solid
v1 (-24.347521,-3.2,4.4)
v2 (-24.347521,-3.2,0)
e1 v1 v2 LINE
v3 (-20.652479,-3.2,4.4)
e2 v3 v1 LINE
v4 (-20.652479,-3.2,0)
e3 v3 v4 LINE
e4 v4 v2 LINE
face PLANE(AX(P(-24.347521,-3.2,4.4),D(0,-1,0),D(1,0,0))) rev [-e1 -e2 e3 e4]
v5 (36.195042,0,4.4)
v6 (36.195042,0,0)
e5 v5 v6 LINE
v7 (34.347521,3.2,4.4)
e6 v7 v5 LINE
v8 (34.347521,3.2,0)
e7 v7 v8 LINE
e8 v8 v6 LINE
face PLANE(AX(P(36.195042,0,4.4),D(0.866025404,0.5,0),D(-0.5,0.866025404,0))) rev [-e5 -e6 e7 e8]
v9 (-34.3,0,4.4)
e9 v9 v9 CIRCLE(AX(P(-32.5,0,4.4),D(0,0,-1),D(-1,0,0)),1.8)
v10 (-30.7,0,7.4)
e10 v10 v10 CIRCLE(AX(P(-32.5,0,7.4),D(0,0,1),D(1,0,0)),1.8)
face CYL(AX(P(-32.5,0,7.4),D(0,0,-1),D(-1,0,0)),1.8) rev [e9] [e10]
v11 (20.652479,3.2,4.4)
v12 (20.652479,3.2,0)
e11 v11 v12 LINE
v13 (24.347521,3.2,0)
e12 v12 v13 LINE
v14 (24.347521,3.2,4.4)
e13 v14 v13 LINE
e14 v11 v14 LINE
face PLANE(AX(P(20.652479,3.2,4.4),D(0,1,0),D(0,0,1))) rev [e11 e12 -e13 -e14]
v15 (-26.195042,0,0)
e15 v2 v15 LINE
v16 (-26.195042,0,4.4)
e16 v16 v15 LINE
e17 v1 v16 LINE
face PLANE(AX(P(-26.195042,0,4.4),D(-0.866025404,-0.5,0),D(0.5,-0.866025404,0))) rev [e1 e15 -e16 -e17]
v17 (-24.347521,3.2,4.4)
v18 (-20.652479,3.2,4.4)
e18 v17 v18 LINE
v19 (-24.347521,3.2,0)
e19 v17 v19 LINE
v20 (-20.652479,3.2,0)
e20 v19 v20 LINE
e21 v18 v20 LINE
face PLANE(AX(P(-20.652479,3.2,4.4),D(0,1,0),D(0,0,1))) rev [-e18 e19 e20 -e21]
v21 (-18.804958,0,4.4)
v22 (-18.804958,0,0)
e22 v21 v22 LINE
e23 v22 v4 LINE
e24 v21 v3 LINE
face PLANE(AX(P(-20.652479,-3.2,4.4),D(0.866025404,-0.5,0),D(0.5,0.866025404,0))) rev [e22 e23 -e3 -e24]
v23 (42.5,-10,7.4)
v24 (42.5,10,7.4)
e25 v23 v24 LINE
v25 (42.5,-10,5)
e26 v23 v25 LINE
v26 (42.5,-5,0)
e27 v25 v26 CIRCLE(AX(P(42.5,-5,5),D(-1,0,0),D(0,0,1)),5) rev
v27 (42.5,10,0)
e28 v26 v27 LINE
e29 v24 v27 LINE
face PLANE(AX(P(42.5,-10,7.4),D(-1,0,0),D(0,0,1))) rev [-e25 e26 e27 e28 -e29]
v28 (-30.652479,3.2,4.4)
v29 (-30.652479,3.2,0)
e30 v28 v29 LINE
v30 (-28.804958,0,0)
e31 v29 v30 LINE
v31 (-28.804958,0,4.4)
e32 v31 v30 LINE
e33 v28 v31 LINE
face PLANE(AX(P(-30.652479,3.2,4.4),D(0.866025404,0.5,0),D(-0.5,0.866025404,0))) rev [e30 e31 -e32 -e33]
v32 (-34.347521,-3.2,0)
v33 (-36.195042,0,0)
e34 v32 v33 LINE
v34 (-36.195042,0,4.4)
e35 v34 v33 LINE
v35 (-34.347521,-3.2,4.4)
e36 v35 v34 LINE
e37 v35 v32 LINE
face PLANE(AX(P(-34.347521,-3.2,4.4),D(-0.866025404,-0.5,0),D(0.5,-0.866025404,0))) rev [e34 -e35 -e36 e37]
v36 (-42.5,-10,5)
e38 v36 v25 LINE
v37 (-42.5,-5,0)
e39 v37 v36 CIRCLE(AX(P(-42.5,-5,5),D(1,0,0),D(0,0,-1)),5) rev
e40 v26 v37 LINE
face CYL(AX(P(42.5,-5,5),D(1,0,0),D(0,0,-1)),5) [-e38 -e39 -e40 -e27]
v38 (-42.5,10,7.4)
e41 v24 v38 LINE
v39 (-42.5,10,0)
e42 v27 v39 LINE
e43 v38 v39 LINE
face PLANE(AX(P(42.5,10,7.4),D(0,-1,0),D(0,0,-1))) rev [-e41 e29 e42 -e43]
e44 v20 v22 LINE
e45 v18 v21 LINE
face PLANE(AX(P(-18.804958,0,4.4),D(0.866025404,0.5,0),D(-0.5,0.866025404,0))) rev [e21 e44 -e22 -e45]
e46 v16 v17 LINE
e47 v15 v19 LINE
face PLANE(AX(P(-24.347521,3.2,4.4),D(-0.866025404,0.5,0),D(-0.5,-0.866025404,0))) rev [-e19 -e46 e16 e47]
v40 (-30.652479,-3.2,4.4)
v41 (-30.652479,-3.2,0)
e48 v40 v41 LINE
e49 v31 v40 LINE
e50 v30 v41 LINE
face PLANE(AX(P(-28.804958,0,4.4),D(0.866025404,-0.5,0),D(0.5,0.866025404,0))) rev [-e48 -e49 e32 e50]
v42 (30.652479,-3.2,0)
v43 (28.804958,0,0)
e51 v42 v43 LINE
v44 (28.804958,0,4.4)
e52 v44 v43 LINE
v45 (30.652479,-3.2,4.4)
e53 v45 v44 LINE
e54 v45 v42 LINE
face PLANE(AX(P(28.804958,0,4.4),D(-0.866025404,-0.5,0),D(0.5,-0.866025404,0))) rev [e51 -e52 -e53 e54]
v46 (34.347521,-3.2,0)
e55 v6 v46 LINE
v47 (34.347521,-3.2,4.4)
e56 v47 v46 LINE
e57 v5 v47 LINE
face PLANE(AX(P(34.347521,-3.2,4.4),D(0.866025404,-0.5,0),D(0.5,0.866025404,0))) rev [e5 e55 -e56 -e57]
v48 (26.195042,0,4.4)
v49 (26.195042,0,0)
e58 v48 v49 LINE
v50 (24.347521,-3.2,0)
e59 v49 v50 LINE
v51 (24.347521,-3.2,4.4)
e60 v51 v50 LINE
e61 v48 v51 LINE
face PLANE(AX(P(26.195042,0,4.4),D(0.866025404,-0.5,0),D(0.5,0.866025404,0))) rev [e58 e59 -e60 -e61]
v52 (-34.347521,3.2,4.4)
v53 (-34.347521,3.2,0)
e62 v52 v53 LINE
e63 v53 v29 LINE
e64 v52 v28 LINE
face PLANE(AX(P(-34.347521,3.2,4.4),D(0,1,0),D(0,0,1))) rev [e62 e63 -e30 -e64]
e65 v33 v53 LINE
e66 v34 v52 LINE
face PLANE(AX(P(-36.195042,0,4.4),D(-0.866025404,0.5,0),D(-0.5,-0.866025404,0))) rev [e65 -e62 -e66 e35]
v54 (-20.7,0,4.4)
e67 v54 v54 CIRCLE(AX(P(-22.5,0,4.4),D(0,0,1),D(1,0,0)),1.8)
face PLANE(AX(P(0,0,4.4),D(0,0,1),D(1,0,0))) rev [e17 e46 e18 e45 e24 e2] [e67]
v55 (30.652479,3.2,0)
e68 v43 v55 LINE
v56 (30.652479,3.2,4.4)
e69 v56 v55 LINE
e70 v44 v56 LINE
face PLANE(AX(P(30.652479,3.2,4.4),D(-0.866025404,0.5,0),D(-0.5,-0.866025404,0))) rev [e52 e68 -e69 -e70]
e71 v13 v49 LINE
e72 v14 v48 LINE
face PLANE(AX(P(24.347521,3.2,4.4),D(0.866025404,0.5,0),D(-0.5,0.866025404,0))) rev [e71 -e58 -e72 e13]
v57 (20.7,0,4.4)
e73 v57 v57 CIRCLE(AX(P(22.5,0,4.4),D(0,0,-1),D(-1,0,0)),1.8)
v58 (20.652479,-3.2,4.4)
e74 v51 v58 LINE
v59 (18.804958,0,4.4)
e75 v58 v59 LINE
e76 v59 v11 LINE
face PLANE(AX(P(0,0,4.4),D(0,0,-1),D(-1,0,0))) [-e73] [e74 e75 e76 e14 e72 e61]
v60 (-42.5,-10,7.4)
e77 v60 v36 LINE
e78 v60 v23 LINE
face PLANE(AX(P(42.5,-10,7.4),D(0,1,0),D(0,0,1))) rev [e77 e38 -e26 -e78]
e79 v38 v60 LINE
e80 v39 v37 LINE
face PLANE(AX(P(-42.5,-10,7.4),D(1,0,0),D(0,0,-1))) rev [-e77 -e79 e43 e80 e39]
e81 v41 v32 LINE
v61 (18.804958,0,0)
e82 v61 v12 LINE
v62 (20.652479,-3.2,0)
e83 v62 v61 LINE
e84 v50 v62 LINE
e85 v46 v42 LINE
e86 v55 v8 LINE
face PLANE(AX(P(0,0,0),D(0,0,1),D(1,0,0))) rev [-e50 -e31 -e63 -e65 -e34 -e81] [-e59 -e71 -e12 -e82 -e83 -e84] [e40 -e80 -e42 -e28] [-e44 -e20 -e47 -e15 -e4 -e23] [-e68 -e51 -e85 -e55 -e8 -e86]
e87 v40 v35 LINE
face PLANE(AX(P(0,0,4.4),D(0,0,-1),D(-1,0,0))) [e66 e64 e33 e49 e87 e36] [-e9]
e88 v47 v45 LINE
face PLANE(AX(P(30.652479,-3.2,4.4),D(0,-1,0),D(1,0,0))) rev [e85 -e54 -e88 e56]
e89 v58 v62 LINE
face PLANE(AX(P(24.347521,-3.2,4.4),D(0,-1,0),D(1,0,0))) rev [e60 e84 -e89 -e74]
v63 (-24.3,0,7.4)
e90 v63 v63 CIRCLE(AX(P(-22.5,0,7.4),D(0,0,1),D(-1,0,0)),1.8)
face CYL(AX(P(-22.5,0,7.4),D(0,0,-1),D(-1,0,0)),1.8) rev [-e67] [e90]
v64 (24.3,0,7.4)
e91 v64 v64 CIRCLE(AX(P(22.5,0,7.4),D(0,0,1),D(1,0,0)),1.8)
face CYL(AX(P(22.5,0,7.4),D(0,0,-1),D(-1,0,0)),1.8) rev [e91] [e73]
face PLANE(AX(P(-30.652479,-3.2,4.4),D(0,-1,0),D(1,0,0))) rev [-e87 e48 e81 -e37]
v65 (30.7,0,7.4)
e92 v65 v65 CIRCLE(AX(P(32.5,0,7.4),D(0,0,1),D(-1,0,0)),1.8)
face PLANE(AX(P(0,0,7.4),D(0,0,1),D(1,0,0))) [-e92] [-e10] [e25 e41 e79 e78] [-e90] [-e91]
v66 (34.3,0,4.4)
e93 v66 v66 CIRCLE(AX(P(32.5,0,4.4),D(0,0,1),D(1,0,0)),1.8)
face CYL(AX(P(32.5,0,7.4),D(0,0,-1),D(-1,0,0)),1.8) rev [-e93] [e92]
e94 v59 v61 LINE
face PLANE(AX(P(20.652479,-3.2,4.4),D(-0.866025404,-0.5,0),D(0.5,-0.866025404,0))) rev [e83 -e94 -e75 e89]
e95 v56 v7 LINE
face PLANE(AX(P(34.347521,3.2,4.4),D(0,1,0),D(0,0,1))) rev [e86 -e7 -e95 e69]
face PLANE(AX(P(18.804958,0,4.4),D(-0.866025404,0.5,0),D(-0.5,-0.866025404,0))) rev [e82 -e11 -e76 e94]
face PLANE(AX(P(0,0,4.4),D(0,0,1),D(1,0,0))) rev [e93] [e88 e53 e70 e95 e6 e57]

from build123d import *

# Parameters (mm, degrees)
SKETCH1_W           = 85
SKETCH1_H           = 20
SKETCH1_R           = 1.8
BOSS_EXTRUDE1_DEPTH = 7.4
CUT_EXTRUDE1_DEPTH  = 4.4
FILLET1_R           = 5


with BuildPart() as part:
    # Sketch1 → Boss-Extrude1 (new body)
    with BuildSketch(Plane.XY):
        Rectangle(SKETCH1_W, SKETCH1_H)
        with Locations((-32.5, 0)):
            Circle(SKETCH1_R, mode=Mode.SUBTRACT)
        with Locations((-22.5, 0)):
            Circle(SKETCH1_R, mode=Mode.SUBTRACT)
        with Locations((32.5, 0)):
            Circle(SKETCH1_R, mode=Mode.SUBTRACT)
        with Locations((22.5, 0)):
            Circle(SKETCH1_R, mode=Mode.SUBTRACT)
    extrude(amount=BOSS_EXTRUDE1_DEPTH)

    # Sketch2 → Cut-Extrude1 (cut)
    with BuildSketch(Plane(origin=(0, 0, 0), x_dir=(-1, 0, 0), z_dir=(0, 0, -1))):
        Polygon((20.652479139, -3.2), (18.804958277, 0), (20.652479139, 3.2), (24.347520861, 3.2), (26.195041723, 0), (24.347520861, -3.2), align=None)
        Polygon((36.195041723, 0), (34.347520861, 3.2), (30.652479139, 3.2), (28.804958277, 0), (30.652479139, -3.2), (34.347520861, -3.2), align=None)
        Polygon((-18.804958277, 0), (-20.652479139, 3.2), (-24.347520861, 3.2), (-26.195041723, 0), (-24.347520861, -3.2), (-20.652479139, -3.2), align=None)
        Polygon((-34.347520861, -3.2), (-36.195041723, 0), (-34.347520861, 3.2), (-30.652479139, 3.2), (-28.804958277, 0), (-30.652479139, -3.2), align=None)
    extrude(amount=-CUT_EXTRUDE1_DEPTH, mode=Mode.SUBTRACT)

    # Fillet1
    fillet1_edges = [part.edges().sort_by_distance(p)[0] for p in [
        (0, -10, 0),
    ]]
    fillet(fillet1_edges, radius=FILLET1_R)


solid = part.part
